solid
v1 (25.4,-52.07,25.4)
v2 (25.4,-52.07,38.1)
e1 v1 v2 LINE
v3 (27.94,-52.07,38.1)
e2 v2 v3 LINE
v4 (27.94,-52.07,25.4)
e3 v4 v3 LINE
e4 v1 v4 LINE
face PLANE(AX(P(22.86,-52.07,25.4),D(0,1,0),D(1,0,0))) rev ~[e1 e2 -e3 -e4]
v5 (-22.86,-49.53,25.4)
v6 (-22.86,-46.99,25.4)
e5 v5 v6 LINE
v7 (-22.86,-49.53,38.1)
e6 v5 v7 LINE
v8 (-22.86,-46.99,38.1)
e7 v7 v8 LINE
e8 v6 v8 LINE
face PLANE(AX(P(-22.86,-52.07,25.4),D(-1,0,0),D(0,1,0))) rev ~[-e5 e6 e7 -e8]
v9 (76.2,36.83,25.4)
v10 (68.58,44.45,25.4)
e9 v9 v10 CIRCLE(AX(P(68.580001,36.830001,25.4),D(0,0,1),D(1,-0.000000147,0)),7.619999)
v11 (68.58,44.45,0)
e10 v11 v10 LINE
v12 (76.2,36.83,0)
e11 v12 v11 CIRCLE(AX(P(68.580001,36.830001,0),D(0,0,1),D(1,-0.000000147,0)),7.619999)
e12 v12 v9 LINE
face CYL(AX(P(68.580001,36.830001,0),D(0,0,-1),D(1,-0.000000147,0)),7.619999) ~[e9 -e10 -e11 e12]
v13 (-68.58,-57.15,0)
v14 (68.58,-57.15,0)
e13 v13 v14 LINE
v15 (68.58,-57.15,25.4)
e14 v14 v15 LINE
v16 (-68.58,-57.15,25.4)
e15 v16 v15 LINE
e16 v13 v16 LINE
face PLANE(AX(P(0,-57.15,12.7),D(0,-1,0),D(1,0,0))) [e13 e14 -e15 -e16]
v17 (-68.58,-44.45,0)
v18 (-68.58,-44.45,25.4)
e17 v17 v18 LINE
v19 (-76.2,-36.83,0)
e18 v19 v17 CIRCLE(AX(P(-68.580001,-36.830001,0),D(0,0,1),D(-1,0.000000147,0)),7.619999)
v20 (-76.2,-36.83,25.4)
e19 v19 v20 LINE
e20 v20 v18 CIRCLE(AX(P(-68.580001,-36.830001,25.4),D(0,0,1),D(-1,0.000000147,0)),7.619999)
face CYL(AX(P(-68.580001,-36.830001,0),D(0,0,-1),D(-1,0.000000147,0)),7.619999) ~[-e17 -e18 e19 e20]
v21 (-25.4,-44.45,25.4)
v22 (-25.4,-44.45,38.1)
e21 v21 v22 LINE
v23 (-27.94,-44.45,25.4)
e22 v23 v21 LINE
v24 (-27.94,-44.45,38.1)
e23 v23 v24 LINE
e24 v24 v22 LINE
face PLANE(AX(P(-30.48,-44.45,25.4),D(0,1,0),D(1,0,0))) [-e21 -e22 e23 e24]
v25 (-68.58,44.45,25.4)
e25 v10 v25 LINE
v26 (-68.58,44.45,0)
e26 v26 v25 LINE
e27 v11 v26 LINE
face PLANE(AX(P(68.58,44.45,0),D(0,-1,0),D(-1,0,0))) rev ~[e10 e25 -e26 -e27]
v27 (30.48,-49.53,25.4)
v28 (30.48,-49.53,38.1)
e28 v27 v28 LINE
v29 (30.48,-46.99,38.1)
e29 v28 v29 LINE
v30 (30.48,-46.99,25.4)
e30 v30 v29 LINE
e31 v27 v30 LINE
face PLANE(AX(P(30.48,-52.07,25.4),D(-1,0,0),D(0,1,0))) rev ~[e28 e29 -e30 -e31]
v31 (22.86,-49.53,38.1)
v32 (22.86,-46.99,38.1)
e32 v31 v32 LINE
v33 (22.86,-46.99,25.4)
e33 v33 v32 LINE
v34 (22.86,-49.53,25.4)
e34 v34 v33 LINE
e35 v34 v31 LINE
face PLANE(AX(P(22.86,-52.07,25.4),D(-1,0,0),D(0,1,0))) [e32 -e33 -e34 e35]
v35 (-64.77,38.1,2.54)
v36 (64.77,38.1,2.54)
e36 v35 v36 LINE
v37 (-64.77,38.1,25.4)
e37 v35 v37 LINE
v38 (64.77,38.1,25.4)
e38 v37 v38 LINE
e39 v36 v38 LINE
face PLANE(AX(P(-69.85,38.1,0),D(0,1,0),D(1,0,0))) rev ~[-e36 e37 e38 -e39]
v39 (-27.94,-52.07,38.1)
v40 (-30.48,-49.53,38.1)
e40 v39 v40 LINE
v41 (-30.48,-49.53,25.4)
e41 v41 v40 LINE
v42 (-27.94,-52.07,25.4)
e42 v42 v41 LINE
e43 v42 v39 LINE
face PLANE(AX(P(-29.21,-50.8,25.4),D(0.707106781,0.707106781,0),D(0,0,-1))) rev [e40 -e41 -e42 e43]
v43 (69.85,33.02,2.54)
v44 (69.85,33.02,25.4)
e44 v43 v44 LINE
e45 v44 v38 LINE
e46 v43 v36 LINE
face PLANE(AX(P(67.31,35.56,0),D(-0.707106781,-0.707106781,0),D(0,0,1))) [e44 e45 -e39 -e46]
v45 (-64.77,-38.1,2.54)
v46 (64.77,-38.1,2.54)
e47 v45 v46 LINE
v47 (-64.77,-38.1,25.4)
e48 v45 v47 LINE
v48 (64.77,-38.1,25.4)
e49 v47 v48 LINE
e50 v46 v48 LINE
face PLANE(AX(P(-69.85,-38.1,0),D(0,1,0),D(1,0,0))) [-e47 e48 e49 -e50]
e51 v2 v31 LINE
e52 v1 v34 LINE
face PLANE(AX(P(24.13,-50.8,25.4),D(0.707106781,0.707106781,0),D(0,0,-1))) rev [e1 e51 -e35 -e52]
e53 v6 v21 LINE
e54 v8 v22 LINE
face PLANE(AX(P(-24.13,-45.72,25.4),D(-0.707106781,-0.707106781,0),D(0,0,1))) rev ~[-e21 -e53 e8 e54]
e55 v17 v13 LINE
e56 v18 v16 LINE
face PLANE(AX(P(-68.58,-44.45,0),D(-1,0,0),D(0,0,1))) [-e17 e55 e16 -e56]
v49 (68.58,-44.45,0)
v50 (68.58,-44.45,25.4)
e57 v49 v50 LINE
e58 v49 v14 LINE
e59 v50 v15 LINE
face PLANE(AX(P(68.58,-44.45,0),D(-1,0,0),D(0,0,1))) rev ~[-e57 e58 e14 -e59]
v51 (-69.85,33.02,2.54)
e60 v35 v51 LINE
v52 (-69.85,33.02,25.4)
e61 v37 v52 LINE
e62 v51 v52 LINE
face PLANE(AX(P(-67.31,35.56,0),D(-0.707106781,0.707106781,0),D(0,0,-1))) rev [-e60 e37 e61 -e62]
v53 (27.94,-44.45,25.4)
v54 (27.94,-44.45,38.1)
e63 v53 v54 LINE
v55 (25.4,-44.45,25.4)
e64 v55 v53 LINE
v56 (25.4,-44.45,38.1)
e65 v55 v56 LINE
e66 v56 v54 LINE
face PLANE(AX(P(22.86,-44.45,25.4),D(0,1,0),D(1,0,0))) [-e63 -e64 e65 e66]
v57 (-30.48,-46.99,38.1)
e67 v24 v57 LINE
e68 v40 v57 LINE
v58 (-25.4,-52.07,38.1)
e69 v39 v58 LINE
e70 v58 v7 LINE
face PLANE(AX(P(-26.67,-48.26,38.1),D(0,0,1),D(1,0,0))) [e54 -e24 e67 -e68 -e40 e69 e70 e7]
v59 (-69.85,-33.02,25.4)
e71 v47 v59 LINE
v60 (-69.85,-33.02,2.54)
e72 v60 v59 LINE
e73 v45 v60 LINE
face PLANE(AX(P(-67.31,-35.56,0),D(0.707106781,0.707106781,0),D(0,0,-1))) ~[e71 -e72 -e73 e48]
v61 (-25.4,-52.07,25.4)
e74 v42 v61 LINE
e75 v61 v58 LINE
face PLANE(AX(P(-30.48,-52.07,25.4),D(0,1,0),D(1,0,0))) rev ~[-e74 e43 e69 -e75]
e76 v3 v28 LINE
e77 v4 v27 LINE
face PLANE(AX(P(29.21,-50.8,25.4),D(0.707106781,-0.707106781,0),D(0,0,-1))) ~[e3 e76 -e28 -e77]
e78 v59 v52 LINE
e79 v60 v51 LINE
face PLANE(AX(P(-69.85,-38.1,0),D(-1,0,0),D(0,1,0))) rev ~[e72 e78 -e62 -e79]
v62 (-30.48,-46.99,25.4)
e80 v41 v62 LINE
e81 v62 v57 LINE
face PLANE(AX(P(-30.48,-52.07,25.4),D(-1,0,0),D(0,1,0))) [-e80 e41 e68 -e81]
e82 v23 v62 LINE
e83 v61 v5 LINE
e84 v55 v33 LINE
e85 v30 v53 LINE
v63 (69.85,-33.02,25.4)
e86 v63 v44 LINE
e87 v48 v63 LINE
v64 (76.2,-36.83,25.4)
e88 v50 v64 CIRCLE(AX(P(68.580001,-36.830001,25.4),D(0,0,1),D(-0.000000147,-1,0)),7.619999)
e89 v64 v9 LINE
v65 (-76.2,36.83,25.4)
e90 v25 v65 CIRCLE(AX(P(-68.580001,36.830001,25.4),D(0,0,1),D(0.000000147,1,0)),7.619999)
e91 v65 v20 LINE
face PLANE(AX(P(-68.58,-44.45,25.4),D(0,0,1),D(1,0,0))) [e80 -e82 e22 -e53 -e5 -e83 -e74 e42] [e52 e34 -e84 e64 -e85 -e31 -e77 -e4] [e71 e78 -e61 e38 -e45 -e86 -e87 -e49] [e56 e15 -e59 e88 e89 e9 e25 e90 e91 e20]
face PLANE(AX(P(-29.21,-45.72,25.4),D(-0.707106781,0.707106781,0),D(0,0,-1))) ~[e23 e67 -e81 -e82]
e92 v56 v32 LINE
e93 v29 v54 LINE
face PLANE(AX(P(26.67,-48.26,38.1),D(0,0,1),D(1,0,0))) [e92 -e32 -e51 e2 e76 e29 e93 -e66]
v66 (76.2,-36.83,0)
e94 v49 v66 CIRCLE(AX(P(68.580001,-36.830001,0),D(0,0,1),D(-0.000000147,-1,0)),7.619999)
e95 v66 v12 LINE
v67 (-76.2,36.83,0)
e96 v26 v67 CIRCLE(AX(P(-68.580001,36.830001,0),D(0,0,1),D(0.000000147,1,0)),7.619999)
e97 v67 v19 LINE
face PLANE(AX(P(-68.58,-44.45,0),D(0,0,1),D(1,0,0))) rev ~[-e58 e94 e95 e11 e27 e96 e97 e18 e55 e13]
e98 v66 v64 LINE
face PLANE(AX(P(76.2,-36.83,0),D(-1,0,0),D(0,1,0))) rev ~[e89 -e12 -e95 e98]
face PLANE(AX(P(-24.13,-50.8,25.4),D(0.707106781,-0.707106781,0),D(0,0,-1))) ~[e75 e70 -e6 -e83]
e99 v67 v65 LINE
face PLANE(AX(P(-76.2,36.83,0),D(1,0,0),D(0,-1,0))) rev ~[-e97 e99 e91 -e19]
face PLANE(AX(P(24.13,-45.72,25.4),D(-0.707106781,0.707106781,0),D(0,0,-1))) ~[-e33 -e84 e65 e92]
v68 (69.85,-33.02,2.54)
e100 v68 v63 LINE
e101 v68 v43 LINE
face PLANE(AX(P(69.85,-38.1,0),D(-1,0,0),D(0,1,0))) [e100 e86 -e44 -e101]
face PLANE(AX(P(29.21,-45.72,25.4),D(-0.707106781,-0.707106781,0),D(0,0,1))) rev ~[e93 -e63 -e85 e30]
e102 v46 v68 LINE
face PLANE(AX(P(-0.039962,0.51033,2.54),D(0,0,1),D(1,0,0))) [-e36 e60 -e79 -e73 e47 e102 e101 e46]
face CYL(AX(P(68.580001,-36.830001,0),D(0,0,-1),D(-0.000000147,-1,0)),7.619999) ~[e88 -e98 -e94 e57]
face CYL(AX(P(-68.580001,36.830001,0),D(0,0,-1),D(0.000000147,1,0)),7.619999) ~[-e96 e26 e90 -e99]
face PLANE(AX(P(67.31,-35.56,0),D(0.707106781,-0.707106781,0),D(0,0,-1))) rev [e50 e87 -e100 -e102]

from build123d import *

# Parameters (mm, degrees)
F0_W      = 139.7
F0_H      = 76.2
F1_DEPTH  = 25.4
F2_SIZE   = 5.08
F3_W      = 144.291125
F3_H      = 81.529271
F4_DEPTH  = 2.54
F1_FACE_W = 137.16
F1_FACE_H = 25.4
F5_DEPTH  = 12.7
F6_W      = 7.62
F6_H      = 7.62
F7_DEPTH  = 12.7
F8_SIZE   = 2.54
F9_SIZE   = 2.54
F10_SIZE  = 2.54
F11_SIZE  = 2.54


with BuildPart() as f1:
    # F0 (on Top) → F1 (new body)
    with BuildSketch(Plane.XY):
        with BuildLine():
            ThreePointArc((76.2, 36.83), (73.968154, 42.218154), (68.58, 44.45))
            Line((68.58, 44.45), (-68.58, 44.45))
            ThreePointArc((-68.58, 44.45), (-73.968154, 42.218154), (-76.2, 36.83))
            Line((-76.2, 36.83), (-76.2, -36.83))
            ThreePointArc((-76.2, -36.83), (-73.968154, -42.218154), (-68.58, -44.45))
            Line((-68.58, -44.45), (68.58, -44.45))
            ThreePointArc((68.58, -44.45), (73.968154, -42.218154), (76.2, -36.83))
            Line((76.2, -36.83), (76.2, 36.83))
        make_face()
        Rectangle(F0_W, F0_H, mode=Mode.SUBTRACT)
    extrude(amount=F1_DEPTH)

    # F2
    f2_edges = [f1.edges().sort_by_distance(p)[0] for p in [
        (-69.85, 38.1, 12.7),
        (-69.85, -38.1, 12.7),
        (69.85, 38.1, 12.7),
        (69.85, -38.1, 12.7),
    ]]
    chamfer(f2_edges, length=F2_SIZE)

    # F3 (on Top) → F4 (join)
    with BuildSketch(Plane.XY):
        with Locations((-0.039962, 0.51033)):
            Rectangle(F3_W, F3_H)
    extrude(amount=F4_DEPTH)

    # F1_face (on face) → F5 (join)
    with BuildSketch(Plane(origin=(0, -44.45, 12.7), x_dir=(1, 0, 0), z_dir=(0, -1, 0))):
        Rectangle(F1_FACE_W, F1_FACE_H)
    extrude(amount=F5_DEPTH)

    # F6 (on face) → F7 (join)
    with BuildSketch(Plane.XY.offset(25.4)):
        with Locations((26.67, -48.26)):
            Rectangle(F6_W, F6_H)
        with Locations((-26.67, -48.26)):
            Rectangle(F6_W, F6_H)
    extrude(amount=F7_DEPTH)

    # F8
    f8_edges = [f1.edges().sort_by_distance(p)[0] for p in [
        (30.48, -44.45, 31.75),
    ]]
    chamfer(f8_edges, length=F8_SIZE)

    # F9
    f9_edges = [f1.edges().sort_by_distance(p)[0] for p in [
        (22.86, -44.45, 31.75),
        (22.86, -52.07, 31.75),
    ]]
    chamfer(f9_edges, length=F9_SIZE)

    # F10
    f10_edges = [f1.edges().sort_by_distance(p)[0] for p in [
        (30.48, -52.07, 31.75),
    ]]
    chamfer(f10_edges, length=F10_SIZE)

    # F11
    f11_edges = [f1.edges().sort_by_distance(p)[0] for p in [
        (-30.48, -44.45, 31.75),
        (-22.86, -44.45, 31.75),
        (-30.48, -52.07, 31.75),
        (-22.86, -52.07, 31.75),
    ]]
    chamfer(f11_edges, length=F11_SIZE)


solid = f1.part
